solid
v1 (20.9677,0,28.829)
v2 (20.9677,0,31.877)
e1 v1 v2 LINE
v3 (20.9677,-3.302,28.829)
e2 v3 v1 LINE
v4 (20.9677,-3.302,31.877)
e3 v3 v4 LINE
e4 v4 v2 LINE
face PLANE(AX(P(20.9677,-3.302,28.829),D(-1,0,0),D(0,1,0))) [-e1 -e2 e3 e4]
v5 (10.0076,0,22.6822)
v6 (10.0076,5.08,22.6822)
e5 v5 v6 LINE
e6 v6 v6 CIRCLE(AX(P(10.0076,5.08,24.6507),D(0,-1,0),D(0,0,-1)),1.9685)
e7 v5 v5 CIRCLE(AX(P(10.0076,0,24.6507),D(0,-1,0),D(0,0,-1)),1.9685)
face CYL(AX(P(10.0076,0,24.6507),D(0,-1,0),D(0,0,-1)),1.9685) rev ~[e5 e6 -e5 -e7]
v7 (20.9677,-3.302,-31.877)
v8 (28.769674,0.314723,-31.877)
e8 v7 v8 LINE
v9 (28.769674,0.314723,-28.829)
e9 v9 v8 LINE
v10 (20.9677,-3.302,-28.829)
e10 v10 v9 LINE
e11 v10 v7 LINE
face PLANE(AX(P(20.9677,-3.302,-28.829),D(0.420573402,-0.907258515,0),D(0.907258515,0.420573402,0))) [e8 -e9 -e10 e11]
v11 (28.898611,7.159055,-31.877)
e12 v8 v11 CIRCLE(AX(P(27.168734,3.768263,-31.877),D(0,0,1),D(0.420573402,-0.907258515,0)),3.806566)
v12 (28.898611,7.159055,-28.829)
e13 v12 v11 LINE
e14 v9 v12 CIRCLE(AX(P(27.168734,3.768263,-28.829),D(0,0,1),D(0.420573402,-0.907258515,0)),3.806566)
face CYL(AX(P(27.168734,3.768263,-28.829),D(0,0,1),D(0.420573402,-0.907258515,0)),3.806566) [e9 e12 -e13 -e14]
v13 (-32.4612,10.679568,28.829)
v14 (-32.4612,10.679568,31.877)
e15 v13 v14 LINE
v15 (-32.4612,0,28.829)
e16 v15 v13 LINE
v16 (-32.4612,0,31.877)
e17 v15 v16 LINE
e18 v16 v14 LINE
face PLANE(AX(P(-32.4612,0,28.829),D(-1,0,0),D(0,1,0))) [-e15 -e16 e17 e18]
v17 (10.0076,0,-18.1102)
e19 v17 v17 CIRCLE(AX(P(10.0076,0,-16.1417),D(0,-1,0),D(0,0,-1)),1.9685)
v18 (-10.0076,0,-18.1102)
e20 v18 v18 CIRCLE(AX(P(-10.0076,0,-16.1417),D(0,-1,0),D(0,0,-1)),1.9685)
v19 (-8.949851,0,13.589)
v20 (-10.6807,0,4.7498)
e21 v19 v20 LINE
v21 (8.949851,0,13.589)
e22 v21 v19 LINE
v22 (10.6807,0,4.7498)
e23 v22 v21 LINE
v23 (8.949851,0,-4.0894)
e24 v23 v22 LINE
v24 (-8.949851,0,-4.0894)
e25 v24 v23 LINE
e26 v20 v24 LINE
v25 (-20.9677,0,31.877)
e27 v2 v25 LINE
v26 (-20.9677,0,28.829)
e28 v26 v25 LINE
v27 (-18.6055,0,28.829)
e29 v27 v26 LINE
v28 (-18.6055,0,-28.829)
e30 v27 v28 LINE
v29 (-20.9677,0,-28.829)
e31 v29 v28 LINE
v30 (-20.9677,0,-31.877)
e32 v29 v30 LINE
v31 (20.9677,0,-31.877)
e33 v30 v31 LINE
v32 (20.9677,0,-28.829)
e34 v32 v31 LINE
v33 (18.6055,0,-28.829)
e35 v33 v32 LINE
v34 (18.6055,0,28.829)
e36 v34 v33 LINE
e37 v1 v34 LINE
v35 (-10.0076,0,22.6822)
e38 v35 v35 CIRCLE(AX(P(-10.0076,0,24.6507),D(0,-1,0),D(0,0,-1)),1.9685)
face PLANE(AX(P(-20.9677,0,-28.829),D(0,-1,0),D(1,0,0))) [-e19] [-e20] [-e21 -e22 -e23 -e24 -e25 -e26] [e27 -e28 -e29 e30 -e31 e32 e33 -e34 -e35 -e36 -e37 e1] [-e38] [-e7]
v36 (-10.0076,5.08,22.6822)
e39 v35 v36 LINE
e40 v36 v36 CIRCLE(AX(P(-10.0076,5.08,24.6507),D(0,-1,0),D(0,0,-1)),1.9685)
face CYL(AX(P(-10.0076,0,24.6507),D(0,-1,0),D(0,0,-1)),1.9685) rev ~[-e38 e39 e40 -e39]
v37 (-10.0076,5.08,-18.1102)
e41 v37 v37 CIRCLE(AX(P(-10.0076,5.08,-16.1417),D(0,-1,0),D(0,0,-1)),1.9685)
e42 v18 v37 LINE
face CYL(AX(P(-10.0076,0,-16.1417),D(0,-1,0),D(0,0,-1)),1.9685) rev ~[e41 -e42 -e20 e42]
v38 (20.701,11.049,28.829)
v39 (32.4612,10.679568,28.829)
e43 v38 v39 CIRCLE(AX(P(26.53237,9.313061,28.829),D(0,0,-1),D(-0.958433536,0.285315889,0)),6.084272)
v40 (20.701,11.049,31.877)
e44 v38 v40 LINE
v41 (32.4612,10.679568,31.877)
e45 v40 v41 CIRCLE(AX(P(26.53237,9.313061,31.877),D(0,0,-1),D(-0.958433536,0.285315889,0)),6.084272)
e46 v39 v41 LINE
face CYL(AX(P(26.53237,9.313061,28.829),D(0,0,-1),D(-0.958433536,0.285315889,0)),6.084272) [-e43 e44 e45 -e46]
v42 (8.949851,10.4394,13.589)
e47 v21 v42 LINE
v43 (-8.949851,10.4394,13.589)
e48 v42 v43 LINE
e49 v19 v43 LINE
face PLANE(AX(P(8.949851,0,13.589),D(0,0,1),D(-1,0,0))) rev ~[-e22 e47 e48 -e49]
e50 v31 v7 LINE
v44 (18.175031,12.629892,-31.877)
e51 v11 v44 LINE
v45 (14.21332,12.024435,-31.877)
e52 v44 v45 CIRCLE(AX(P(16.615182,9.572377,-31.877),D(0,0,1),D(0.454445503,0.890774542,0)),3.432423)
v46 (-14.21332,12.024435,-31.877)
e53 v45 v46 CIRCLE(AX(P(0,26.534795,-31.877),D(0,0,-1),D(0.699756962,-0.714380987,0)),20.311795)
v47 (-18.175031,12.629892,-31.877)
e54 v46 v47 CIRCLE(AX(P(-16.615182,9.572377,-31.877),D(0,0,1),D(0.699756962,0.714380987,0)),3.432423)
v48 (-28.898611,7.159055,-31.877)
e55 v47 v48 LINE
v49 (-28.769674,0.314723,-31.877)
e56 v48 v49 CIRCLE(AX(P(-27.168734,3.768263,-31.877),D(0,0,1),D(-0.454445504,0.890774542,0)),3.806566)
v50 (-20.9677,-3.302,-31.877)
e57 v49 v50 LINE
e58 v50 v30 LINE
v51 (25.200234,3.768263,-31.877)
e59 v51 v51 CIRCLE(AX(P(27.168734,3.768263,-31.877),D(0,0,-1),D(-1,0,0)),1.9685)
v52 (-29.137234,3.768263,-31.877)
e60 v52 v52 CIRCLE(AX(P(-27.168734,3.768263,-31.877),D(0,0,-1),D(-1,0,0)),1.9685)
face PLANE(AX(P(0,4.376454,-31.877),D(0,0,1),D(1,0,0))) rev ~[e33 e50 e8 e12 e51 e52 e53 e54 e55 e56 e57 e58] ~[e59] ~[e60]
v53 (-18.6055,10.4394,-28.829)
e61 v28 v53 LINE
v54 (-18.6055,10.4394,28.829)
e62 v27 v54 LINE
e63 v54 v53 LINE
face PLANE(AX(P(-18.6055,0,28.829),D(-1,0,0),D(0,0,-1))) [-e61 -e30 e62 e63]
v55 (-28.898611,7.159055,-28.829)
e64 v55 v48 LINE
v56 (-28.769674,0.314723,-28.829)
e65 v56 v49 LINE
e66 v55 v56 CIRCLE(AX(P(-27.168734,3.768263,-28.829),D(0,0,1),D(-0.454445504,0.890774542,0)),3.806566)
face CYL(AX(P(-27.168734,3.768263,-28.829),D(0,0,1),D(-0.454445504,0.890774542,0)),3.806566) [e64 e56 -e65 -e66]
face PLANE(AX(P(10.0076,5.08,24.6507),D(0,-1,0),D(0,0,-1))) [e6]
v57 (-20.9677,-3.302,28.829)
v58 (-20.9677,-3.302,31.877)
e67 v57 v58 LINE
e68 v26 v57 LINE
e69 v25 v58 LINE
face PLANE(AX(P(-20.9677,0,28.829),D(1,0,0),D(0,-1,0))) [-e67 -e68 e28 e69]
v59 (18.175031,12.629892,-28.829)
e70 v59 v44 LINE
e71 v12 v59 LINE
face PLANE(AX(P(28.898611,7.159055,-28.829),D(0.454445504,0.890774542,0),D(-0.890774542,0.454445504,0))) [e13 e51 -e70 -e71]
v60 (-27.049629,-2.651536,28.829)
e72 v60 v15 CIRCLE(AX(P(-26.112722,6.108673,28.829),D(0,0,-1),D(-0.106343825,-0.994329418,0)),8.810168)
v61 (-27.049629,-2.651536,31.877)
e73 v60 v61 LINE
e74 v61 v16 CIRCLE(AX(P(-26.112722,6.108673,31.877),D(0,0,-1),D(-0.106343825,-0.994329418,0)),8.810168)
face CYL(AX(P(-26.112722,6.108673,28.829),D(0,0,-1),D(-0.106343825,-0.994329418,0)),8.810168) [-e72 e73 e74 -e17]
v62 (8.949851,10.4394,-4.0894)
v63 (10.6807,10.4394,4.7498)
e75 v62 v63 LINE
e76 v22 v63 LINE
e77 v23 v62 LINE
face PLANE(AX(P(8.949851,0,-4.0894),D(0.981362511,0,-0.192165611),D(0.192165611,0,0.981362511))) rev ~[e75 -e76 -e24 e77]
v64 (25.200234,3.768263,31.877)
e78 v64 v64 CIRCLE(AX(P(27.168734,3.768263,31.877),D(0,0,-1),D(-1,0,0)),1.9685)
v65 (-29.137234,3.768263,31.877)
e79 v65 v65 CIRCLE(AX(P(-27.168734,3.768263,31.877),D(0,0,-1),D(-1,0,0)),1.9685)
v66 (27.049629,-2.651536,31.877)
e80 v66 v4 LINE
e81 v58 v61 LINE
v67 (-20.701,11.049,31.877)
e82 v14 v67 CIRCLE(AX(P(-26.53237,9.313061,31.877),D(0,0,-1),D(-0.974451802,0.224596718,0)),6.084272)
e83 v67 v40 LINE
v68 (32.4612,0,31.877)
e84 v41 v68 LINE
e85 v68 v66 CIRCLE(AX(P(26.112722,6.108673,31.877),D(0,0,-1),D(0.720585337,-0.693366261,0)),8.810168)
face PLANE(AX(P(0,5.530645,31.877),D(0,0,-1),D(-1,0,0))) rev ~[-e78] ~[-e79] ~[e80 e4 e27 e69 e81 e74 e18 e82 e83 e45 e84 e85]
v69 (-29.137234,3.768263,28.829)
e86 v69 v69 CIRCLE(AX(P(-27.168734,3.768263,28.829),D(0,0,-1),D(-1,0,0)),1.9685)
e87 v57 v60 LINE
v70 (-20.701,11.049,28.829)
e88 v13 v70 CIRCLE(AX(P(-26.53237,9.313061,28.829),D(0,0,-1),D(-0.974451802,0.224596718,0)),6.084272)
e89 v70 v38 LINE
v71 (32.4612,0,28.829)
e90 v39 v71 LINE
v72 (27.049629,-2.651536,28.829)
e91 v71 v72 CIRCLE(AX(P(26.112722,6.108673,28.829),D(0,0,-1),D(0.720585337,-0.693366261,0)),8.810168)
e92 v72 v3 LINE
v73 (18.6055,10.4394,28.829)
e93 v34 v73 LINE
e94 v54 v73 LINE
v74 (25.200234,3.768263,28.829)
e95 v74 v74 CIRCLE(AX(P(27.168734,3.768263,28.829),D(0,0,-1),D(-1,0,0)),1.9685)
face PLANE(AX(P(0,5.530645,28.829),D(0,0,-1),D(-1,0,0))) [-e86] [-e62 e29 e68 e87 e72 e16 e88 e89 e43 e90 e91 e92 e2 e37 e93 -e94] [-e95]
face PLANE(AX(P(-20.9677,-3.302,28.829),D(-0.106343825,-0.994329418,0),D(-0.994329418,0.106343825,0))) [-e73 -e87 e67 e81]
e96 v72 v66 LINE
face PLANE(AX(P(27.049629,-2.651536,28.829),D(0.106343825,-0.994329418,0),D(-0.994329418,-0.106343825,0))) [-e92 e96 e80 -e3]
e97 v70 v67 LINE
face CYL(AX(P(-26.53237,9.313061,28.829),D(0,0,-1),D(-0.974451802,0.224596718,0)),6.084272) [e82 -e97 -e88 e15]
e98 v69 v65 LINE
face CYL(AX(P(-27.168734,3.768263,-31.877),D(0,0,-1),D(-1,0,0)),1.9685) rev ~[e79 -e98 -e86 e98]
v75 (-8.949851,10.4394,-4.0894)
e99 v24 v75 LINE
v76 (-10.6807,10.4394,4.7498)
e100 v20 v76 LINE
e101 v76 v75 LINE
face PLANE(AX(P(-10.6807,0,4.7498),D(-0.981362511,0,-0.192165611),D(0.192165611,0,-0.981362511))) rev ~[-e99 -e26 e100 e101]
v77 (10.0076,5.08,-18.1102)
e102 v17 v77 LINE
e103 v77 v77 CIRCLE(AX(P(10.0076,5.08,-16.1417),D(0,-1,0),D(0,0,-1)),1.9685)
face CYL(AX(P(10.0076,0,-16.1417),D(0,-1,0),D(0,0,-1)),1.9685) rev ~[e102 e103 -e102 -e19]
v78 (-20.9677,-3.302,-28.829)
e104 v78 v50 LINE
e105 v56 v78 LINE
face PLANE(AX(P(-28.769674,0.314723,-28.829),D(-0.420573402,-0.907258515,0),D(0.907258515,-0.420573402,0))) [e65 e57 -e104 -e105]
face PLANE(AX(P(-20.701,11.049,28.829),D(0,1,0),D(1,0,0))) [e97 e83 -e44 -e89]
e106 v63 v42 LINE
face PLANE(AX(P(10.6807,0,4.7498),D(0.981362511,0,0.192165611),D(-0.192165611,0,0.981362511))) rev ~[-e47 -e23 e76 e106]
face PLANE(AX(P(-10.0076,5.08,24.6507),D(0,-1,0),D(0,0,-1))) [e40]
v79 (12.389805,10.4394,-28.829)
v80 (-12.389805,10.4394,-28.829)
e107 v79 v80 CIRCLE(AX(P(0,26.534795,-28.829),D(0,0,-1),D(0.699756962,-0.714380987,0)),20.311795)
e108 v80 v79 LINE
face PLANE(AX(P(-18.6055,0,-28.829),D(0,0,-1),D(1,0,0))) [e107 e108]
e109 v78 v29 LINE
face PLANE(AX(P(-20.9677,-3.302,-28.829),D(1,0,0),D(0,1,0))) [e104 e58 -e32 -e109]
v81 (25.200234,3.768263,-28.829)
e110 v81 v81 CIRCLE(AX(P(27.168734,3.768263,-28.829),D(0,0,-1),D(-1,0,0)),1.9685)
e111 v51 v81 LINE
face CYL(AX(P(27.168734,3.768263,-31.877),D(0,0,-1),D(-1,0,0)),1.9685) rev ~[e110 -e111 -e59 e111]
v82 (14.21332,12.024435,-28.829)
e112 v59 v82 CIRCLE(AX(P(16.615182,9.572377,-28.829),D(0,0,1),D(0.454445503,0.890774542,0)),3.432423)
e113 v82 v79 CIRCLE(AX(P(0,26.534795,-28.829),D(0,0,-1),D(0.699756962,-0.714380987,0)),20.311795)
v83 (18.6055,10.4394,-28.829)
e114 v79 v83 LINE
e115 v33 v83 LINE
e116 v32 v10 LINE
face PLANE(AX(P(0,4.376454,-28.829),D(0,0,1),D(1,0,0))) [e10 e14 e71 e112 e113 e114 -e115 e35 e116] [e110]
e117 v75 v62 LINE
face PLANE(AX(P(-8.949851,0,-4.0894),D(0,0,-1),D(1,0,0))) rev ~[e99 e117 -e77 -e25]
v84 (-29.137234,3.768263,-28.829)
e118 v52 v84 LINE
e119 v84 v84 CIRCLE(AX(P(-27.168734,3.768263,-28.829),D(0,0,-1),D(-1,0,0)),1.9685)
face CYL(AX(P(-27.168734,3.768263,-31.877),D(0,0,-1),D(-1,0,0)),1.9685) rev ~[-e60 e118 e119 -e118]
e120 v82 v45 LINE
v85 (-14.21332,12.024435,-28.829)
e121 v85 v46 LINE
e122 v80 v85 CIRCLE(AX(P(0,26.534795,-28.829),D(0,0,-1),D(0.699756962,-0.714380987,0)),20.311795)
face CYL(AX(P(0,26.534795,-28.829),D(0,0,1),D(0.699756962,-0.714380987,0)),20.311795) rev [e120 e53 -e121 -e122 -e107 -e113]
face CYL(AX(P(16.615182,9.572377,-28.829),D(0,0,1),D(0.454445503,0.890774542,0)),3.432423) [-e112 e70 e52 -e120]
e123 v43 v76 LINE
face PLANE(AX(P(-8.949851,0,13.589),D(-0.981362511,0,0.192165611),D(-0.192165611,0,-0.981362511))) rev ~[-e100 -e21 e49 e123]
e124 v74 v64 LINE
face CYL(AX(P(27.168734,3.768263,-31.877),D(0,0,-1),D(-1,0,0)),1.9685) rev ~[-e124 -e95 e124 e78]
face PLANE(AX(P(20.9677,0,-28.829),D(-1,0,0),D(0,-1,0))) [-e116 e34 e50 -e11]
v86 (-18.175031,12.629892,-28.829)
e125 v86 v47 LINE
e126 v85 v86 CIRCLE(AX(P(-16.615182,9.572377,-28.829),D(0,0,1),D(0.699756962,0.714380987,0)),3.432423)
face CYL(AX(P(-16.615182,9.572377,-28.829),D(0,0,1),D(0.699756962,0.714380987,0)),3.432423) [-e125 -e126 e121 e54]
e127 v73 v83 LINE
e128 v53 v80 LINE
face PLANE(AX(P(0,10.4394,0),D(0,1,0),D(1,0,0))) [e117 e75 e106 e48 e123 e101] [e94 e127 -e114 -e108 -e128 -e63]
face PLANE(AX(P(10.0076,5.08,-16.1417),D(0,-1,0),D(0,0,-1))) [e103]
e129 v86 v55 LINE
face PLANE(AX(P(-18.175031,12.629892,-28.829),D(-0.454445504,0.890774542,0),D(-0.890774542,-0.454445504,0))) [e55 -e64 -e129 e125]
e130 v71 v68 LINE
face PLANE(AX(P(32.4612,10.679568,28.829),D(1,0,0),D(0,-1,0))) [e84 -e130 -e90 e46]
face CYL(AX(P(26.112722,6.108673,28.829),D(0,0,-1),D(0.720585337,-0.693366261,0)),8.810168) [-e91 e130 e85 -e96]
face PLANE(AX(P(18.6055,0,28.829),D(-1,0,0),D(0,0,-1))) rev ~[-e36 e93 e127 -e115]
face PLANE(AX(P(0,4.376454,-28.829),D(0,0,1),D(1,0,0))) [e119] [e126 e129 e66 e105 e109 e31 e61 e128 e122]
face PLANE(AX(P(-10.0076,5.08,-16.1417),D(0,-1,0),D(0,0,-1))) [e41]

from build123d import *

# Parameters (mm, degrees)
SKETCH1_W           = 37.211
SKETCH1_H           = 57.658
BOSS_EXTRUDE1_DEPTH = 10.4394
BOSS_EXTRUDE2_DEPTH = 3.048
BOSS_EXTRUDE3_DEPTH = 3.048
SKETCH5_R           = 1.9685
CUT_EXTRUDE1_DEPTH  = 74.180460976
SKETCH6_R           = 1.9685
CUT_EXTRUDE2_DEPTH  = 5.08


with BuildPart() as part:
    # Sketch1 → Boss-Extrude1 (new body)
    with BuildSketch(Plane(origin=(0, 0, 0), x_dir=(1, 0, 0), z_dir=(0, 1, 0))):
        Rectangle(SKETCH1_W, SKETCH1_H)
        Polygon((-8.949851054, 4.0894), (8.949851054, 4.0894), (10.6807, -4.7498), (8.949851054, -13.589), (-8.949851054, -13.589), (-10.6807, -4.7498), align=None, mode=Mode.SUBTRACT)
    extrude(amount=BOSS_EXTRUDE1_DEPTH)

    # Sketch2 → Boss-Extrude2 (add)
    with BuildSketch(Plane.XY.offset(28.829)):
        with BuildLine():
            Line((-20.701, 11.049), (20.701, 11.049))
            ThreePointArc((20.701, 11.049), (26.723405801, 15.394332642), (32.4612, 10.679568052))
            Line((32.4612, 10.679568052), (32.4612, 0))
            ThreePointArc((32.4612, 0), (29.989172762, -1.802849379), (27.049629295, -2.651535867))
            Line((27.049629295, -2.651535867), (20.9677, -3.302))
            Line((20.9677, -3.302), (20.9677, 0))
            Line((20.9677, 0), (-20.9677, 0))
            Line((-20.9677, 0), (-20.9677, -3.302))
            Line((-20.9677, -3.302), (-27.049629295, -2.651535867))
            ThreePointArc((-27.049629295, -2.651535867), (-29.989172762, -1.802849379), (-32.4612, 0))
            Line((-32.4612, 0), (-32.4612, 10.679568052))
            ThreePointArc((-32.4612, 10.679568052), (-26.723405801, 15.394332642), (-20.701, 11.049))
        make_face()
    extrude(amount=BOSS_EXTRUDE2_DEPTH)

    # Sketch3 → Boss-Extrude3 (add)
    with BuildSketch(Plane(origin=(0, 0, -28.829), x_dir=(-1, 0, 0), z_dir=(0, 0, -1))):
        with BuildLine():
            Line((18.175030658, 12.62989205), (28.898610874, 7.159054501))
            ThreePointArc((28.898610874, 7.159054501), (30.974624731, 3.696565568), (28.769674487, 0.314723233))
            Line((28.769674487, 0.314723233), (20.9677, -3.302))
            Line((20.9677, -3.302), (20.9677, 0))
            Line((20.9677, 0), (0, 0))
            Line((0, 0), (-20.9677, 0))
            Line((-20.9677, 0), (-20.9677, -3.302))
            Line((-20.9677, -3.302), (-28.769674487, 0.314723233))
            ThreePointArc((-28.769674487, 0.314723233), (-30.974624731, 3.696565568), (-28.898610874, 7.159054501))
            Line((-28.898610874, 7.159054501), (-18.175030658, 12.62989205))
            ThreePointArc((-18.175030658, 12.62989205), (-16.096634608, 12.965404658), (-14.213319827, 12.024434793))
            ThreePointArc((-14.213319827, 12.024434793), (0, 6.223), (14.213319827, 12.024434793))
            ThreePointArc((14.213319827, 12.024434793), (16.096634608, 12.965404658), (18.175030658, 12.62989205))
        make_face()
    extrude(amount=BOSS_EXTRUDE3_DEPTH)

    # Sketch5 → Cut-Extrude1 (cut, through all)
    with BuildSketch(Plane(origin=(0, 0, -31.877), x_dir=(-1, 0, 0), z_dir=(0, 0, -1))):
        with Locations((-27.16873413, 3.768262533)):
            Circle(SKETCH5_R)
        with Locations((27.16873413, 3.768262533)):
            Circle(SKETCH5_R)
    extrude(amount=-CUT_EXTRUDE1_DEPTH, mode=Mode.SUBTRACT)

    # Sketch6 → Cut-Extrude2 (cut)
    with BuildSketch(Plane.XZ):
        with Locations(Location((-10.0076, 24.6507, 0), (0, 0, 270))):
            Circle(SKETCH6_R)
        with Locations(Location((10.0076, 24.6507, 0), (0, 0, 270))):
            Circle(SKETCH6_R)
        with Locations(Location((-10.0076, -16.1417, 0), (0, 0, 270))):
            Circle(SKETCH6_R)
        with Locations(Location((10.0076, -16.1417, 0), (0, 0, 270))):
            Circle(SKETCH6_R)
    extrude(amount=-CUT_EXTRUDE2_DEPTH, mode=Mode.SUBTRACT)


solid = part.part
